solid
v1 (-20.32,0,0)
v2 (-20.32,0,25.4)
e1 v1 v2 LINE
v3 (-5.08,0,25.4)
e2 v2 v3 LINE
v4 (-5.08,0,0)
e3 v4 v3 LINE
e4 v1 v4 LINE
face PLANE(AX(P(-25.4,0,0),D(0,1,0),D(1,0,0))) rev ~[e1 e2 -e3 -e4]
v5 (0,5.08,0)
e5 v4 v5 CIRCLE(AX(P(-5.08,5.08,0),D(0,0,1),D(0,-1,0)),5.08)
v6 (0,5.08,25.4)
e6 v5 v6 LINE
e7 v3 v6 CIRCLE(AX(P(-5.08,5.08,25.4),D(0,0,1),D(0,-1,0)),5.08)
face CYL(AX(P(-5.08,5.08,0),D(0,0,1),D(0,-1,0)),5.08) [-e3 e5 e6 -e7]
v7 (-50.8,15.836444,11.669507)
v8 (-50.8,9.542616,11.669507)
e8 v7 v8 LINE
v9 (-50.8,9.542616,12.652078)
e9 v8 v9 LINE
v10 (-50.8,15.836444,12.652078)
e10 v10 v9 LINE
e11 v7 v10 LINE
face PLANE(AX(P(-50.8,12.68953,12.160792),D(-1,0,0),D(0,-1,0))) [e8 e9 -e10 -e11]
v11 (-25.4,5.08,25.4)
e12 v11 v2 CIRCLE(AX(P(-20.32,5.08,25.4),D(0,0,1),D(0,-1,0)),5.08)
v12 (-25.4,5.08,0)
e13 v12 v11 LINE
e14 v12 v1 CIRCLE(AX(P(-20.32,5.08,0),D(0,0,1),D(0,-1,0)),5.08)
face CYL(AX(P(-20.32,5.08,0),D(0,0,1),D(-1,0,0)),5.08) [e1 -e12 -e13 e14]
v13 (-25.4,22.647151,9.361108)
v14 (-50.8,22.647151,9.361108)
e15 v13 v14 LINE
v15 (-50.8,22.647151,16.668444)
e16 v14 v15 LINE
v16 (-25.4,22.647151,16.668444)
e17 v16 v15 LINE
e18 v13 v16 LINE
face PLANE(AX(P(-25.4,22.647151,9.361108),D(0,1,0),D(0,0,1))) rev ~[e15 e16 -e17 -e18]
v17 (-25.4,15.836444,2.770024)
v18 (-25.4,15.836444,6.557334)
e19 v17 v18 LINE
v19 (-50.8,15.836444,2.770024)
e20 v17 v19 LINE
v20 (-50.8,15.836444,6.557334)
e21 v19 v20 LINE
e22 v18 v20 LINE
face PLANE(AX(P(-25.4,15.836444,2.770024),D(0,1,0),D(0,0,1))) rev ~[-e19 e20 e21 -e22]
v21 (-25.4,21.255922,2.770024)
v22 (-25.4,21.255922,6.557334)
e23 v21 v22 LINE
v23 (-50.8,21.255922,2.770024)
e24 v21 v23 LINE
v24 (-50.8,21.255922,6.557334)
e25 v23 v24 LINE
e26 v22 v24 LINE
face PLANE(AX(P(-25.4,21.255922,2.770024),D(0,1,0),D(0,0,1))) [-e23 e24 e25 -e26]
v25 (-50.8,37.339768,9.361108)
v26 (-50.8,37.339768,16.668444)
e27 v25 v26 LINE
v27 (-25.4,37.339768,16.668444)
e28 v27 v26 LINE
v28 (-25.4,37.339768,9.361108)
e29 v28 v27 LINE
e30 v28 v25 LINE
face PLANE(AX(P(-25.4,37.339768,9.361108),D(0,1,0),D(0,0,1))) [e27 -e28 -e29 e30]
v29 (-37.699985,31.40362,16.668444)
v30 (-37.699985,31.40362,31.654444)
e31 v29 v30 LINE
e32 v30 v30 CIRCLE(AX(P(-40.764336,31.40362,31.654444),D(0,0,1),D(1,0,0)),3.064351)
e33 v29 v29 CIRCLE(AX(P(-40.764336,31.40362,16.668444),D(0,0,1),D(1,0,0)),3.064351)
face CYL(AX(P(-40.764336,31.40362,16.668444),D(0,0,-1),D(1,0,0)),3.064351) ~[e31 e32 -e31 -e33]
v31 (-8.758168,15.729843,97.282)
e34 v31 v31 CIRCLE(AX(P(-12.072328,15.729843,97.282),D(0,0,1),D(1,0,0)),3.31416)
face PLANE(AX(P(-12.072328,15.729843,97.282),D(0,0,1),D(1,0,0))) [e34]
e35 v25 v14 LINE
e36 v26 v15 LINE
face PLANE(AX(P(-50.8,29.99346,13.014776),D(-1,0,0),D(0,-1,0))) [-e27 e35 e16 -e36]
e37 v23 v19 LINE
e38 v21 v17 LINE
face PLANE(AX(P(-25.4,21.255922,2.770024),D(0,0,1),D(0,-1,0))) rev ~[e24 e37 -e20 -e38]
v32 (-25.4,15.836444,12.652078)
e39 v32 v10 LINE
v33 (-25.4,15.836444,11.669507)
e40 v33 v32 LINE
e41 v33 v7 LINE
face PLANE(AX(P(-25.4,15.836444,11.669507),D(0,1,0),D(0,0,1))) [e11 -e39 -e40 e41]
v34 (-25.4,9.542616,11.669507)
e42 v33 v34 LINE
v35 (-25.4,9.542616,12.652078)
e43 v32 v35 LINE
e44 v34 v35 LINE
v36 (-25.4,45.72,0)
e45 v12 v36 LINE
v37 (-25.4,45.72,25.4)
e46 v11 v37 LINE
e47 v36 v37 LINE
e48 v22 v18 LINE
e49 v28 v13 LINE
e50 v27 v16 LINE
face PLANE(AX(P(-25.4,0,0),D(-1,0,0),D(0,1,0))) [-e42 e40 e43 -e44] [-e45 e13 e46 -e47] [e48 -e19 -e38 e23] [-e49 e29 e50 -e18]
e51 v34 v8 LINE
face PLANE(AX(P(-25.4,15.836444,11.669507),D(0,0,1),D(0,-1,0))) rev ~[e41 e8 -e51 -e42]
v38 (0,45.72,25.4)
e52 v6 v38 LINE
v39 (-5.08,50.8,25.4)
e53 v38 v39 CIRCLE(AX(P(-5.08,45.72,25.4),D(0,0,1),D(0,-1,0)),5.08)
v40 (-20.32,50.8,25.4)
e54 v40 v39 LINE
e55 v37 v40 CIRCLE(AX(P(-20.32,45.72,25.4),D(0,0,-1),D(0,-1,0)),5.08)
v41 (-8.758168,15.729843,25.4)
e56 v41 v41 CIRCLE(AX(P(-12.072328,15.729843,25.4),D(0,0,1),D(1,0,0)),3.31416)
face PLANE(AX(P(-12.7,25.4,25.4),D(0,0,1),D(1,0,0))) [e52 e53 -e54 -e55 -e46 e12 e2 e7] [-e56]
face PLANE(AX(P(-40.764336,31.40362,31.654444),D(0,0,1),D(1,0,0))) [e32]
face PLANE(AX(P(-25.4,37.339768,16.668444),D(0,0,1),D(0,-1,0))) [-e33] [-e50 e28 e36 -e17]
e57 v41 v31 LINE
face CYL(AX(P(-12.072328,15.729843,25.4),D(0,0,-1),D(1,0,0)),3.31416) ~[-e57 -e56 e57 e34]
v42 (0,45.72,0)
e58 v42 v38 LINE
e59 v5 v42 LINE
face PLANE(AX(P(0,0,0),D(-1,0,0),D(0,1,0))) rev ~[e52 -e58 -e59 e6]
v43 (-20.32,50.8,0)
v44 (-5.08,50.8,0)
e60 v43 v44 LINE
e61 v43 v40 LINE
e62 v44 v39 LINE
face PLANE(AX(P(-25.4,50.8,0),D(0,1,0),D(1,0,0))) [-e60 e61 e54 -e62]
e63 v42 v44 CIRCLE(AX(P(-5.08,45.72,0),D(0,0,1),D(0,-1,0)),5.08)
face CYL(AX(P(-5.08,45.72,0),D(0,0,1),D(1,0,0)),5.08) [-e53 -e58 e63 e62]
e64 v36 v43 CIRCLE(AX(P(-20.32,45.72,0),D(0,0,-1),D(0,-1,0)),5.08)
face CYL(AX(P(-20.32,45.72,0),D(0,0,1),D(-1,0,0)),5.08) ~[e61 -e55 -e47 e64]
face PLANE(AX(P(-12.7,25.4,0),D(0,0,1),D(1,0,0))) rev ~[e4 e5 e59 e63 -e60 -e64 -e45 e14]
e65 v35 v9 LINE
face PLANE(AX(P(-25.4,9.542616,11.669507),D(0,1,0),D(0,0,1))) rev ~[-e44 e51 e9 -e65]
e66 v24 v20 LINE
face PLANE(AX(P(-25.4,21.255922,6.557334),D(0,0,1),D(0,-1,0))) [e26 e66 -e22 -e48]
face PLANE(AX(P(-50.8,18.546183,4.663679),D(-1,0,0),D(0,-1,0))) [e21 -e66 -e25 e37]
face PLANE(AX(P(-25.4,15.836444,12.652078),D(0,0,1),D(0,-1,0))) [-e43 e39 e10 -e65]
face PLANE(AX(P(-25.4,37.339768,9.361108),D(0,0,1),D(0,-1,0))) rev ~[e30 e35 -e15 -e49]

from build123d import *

# Parameters (mm, degrees)
F0_W     = 25.4
F0_H     = 50.8
F1_DEPTH = 25.4
F2_R     = 5.08
F3_R     = 3.31416
F4_DEPTH = 71.882
F5_W     = 6.293828
F5_H     = 0.982571
F5_W_2   = 5.419478
F5_H_2   = 3.787311
F5_W_3   = 14.692617
F5_H_3   = 7.307336
F6_DEPTH = 25.4
F7_R     = 3.064351
F8_DEPTH = 14.986


with BuildPart() as f1:
    # F0 (on Top) → F1 (new body)
    with BuildSketch(Plane.XY):
        with Locations((-12.7, 25.4)):
            Rectangle(F0_W, F0_H)
    extrude(amount=F1_DEPTH)

    # F2
    f2_edges = [f1.edges().sort_by_distance(p)[0] for p in [
        (0, 0, 12.7),
        (-25.4, 0, 12.7),
        (0, 50.8, 12.7),
        (-25.4, 50.8, 12.7),
    ]]
    fillet(f2_edges, radius=F2_R)

    # F3 (on face) → F4 (join)
    with BuildSketch(Plane.XY.offset(25.4)):
        with Locations((-12.072328, 15.729843)):
            Circle(F3_R)
    extrude(amount=F4_DEPTH)

    # F5 (on face) → F6 (join)
    with BuildSketch(Plane(origin=(-25.4, 0, 0), x_dir=(0, -1, 0), z_dir=(-1, 0, 0))):
        with Locations((-12.68953, 12.160792)):
            Rectangle(F5_W, F5_H)
        with Locations((-18.546183, 4.663679)):
            Rectangle(F5_W_2, F5_H_2)
        with Locations((-29.99346, 13.014776)):
            Rectangle(F5_W_3, F5_H_3)
    extrude(amount=F6_DEPTH)

    # F7 (on face) → F8 (join)
    with BuildSketch(Plane.XY.offset(16.668444)):
        with Locations((-40.764336, 31.40362)):
            Circle(F7_R)
    extrude(amount=F8_DEPTH)


solid = f1.part
